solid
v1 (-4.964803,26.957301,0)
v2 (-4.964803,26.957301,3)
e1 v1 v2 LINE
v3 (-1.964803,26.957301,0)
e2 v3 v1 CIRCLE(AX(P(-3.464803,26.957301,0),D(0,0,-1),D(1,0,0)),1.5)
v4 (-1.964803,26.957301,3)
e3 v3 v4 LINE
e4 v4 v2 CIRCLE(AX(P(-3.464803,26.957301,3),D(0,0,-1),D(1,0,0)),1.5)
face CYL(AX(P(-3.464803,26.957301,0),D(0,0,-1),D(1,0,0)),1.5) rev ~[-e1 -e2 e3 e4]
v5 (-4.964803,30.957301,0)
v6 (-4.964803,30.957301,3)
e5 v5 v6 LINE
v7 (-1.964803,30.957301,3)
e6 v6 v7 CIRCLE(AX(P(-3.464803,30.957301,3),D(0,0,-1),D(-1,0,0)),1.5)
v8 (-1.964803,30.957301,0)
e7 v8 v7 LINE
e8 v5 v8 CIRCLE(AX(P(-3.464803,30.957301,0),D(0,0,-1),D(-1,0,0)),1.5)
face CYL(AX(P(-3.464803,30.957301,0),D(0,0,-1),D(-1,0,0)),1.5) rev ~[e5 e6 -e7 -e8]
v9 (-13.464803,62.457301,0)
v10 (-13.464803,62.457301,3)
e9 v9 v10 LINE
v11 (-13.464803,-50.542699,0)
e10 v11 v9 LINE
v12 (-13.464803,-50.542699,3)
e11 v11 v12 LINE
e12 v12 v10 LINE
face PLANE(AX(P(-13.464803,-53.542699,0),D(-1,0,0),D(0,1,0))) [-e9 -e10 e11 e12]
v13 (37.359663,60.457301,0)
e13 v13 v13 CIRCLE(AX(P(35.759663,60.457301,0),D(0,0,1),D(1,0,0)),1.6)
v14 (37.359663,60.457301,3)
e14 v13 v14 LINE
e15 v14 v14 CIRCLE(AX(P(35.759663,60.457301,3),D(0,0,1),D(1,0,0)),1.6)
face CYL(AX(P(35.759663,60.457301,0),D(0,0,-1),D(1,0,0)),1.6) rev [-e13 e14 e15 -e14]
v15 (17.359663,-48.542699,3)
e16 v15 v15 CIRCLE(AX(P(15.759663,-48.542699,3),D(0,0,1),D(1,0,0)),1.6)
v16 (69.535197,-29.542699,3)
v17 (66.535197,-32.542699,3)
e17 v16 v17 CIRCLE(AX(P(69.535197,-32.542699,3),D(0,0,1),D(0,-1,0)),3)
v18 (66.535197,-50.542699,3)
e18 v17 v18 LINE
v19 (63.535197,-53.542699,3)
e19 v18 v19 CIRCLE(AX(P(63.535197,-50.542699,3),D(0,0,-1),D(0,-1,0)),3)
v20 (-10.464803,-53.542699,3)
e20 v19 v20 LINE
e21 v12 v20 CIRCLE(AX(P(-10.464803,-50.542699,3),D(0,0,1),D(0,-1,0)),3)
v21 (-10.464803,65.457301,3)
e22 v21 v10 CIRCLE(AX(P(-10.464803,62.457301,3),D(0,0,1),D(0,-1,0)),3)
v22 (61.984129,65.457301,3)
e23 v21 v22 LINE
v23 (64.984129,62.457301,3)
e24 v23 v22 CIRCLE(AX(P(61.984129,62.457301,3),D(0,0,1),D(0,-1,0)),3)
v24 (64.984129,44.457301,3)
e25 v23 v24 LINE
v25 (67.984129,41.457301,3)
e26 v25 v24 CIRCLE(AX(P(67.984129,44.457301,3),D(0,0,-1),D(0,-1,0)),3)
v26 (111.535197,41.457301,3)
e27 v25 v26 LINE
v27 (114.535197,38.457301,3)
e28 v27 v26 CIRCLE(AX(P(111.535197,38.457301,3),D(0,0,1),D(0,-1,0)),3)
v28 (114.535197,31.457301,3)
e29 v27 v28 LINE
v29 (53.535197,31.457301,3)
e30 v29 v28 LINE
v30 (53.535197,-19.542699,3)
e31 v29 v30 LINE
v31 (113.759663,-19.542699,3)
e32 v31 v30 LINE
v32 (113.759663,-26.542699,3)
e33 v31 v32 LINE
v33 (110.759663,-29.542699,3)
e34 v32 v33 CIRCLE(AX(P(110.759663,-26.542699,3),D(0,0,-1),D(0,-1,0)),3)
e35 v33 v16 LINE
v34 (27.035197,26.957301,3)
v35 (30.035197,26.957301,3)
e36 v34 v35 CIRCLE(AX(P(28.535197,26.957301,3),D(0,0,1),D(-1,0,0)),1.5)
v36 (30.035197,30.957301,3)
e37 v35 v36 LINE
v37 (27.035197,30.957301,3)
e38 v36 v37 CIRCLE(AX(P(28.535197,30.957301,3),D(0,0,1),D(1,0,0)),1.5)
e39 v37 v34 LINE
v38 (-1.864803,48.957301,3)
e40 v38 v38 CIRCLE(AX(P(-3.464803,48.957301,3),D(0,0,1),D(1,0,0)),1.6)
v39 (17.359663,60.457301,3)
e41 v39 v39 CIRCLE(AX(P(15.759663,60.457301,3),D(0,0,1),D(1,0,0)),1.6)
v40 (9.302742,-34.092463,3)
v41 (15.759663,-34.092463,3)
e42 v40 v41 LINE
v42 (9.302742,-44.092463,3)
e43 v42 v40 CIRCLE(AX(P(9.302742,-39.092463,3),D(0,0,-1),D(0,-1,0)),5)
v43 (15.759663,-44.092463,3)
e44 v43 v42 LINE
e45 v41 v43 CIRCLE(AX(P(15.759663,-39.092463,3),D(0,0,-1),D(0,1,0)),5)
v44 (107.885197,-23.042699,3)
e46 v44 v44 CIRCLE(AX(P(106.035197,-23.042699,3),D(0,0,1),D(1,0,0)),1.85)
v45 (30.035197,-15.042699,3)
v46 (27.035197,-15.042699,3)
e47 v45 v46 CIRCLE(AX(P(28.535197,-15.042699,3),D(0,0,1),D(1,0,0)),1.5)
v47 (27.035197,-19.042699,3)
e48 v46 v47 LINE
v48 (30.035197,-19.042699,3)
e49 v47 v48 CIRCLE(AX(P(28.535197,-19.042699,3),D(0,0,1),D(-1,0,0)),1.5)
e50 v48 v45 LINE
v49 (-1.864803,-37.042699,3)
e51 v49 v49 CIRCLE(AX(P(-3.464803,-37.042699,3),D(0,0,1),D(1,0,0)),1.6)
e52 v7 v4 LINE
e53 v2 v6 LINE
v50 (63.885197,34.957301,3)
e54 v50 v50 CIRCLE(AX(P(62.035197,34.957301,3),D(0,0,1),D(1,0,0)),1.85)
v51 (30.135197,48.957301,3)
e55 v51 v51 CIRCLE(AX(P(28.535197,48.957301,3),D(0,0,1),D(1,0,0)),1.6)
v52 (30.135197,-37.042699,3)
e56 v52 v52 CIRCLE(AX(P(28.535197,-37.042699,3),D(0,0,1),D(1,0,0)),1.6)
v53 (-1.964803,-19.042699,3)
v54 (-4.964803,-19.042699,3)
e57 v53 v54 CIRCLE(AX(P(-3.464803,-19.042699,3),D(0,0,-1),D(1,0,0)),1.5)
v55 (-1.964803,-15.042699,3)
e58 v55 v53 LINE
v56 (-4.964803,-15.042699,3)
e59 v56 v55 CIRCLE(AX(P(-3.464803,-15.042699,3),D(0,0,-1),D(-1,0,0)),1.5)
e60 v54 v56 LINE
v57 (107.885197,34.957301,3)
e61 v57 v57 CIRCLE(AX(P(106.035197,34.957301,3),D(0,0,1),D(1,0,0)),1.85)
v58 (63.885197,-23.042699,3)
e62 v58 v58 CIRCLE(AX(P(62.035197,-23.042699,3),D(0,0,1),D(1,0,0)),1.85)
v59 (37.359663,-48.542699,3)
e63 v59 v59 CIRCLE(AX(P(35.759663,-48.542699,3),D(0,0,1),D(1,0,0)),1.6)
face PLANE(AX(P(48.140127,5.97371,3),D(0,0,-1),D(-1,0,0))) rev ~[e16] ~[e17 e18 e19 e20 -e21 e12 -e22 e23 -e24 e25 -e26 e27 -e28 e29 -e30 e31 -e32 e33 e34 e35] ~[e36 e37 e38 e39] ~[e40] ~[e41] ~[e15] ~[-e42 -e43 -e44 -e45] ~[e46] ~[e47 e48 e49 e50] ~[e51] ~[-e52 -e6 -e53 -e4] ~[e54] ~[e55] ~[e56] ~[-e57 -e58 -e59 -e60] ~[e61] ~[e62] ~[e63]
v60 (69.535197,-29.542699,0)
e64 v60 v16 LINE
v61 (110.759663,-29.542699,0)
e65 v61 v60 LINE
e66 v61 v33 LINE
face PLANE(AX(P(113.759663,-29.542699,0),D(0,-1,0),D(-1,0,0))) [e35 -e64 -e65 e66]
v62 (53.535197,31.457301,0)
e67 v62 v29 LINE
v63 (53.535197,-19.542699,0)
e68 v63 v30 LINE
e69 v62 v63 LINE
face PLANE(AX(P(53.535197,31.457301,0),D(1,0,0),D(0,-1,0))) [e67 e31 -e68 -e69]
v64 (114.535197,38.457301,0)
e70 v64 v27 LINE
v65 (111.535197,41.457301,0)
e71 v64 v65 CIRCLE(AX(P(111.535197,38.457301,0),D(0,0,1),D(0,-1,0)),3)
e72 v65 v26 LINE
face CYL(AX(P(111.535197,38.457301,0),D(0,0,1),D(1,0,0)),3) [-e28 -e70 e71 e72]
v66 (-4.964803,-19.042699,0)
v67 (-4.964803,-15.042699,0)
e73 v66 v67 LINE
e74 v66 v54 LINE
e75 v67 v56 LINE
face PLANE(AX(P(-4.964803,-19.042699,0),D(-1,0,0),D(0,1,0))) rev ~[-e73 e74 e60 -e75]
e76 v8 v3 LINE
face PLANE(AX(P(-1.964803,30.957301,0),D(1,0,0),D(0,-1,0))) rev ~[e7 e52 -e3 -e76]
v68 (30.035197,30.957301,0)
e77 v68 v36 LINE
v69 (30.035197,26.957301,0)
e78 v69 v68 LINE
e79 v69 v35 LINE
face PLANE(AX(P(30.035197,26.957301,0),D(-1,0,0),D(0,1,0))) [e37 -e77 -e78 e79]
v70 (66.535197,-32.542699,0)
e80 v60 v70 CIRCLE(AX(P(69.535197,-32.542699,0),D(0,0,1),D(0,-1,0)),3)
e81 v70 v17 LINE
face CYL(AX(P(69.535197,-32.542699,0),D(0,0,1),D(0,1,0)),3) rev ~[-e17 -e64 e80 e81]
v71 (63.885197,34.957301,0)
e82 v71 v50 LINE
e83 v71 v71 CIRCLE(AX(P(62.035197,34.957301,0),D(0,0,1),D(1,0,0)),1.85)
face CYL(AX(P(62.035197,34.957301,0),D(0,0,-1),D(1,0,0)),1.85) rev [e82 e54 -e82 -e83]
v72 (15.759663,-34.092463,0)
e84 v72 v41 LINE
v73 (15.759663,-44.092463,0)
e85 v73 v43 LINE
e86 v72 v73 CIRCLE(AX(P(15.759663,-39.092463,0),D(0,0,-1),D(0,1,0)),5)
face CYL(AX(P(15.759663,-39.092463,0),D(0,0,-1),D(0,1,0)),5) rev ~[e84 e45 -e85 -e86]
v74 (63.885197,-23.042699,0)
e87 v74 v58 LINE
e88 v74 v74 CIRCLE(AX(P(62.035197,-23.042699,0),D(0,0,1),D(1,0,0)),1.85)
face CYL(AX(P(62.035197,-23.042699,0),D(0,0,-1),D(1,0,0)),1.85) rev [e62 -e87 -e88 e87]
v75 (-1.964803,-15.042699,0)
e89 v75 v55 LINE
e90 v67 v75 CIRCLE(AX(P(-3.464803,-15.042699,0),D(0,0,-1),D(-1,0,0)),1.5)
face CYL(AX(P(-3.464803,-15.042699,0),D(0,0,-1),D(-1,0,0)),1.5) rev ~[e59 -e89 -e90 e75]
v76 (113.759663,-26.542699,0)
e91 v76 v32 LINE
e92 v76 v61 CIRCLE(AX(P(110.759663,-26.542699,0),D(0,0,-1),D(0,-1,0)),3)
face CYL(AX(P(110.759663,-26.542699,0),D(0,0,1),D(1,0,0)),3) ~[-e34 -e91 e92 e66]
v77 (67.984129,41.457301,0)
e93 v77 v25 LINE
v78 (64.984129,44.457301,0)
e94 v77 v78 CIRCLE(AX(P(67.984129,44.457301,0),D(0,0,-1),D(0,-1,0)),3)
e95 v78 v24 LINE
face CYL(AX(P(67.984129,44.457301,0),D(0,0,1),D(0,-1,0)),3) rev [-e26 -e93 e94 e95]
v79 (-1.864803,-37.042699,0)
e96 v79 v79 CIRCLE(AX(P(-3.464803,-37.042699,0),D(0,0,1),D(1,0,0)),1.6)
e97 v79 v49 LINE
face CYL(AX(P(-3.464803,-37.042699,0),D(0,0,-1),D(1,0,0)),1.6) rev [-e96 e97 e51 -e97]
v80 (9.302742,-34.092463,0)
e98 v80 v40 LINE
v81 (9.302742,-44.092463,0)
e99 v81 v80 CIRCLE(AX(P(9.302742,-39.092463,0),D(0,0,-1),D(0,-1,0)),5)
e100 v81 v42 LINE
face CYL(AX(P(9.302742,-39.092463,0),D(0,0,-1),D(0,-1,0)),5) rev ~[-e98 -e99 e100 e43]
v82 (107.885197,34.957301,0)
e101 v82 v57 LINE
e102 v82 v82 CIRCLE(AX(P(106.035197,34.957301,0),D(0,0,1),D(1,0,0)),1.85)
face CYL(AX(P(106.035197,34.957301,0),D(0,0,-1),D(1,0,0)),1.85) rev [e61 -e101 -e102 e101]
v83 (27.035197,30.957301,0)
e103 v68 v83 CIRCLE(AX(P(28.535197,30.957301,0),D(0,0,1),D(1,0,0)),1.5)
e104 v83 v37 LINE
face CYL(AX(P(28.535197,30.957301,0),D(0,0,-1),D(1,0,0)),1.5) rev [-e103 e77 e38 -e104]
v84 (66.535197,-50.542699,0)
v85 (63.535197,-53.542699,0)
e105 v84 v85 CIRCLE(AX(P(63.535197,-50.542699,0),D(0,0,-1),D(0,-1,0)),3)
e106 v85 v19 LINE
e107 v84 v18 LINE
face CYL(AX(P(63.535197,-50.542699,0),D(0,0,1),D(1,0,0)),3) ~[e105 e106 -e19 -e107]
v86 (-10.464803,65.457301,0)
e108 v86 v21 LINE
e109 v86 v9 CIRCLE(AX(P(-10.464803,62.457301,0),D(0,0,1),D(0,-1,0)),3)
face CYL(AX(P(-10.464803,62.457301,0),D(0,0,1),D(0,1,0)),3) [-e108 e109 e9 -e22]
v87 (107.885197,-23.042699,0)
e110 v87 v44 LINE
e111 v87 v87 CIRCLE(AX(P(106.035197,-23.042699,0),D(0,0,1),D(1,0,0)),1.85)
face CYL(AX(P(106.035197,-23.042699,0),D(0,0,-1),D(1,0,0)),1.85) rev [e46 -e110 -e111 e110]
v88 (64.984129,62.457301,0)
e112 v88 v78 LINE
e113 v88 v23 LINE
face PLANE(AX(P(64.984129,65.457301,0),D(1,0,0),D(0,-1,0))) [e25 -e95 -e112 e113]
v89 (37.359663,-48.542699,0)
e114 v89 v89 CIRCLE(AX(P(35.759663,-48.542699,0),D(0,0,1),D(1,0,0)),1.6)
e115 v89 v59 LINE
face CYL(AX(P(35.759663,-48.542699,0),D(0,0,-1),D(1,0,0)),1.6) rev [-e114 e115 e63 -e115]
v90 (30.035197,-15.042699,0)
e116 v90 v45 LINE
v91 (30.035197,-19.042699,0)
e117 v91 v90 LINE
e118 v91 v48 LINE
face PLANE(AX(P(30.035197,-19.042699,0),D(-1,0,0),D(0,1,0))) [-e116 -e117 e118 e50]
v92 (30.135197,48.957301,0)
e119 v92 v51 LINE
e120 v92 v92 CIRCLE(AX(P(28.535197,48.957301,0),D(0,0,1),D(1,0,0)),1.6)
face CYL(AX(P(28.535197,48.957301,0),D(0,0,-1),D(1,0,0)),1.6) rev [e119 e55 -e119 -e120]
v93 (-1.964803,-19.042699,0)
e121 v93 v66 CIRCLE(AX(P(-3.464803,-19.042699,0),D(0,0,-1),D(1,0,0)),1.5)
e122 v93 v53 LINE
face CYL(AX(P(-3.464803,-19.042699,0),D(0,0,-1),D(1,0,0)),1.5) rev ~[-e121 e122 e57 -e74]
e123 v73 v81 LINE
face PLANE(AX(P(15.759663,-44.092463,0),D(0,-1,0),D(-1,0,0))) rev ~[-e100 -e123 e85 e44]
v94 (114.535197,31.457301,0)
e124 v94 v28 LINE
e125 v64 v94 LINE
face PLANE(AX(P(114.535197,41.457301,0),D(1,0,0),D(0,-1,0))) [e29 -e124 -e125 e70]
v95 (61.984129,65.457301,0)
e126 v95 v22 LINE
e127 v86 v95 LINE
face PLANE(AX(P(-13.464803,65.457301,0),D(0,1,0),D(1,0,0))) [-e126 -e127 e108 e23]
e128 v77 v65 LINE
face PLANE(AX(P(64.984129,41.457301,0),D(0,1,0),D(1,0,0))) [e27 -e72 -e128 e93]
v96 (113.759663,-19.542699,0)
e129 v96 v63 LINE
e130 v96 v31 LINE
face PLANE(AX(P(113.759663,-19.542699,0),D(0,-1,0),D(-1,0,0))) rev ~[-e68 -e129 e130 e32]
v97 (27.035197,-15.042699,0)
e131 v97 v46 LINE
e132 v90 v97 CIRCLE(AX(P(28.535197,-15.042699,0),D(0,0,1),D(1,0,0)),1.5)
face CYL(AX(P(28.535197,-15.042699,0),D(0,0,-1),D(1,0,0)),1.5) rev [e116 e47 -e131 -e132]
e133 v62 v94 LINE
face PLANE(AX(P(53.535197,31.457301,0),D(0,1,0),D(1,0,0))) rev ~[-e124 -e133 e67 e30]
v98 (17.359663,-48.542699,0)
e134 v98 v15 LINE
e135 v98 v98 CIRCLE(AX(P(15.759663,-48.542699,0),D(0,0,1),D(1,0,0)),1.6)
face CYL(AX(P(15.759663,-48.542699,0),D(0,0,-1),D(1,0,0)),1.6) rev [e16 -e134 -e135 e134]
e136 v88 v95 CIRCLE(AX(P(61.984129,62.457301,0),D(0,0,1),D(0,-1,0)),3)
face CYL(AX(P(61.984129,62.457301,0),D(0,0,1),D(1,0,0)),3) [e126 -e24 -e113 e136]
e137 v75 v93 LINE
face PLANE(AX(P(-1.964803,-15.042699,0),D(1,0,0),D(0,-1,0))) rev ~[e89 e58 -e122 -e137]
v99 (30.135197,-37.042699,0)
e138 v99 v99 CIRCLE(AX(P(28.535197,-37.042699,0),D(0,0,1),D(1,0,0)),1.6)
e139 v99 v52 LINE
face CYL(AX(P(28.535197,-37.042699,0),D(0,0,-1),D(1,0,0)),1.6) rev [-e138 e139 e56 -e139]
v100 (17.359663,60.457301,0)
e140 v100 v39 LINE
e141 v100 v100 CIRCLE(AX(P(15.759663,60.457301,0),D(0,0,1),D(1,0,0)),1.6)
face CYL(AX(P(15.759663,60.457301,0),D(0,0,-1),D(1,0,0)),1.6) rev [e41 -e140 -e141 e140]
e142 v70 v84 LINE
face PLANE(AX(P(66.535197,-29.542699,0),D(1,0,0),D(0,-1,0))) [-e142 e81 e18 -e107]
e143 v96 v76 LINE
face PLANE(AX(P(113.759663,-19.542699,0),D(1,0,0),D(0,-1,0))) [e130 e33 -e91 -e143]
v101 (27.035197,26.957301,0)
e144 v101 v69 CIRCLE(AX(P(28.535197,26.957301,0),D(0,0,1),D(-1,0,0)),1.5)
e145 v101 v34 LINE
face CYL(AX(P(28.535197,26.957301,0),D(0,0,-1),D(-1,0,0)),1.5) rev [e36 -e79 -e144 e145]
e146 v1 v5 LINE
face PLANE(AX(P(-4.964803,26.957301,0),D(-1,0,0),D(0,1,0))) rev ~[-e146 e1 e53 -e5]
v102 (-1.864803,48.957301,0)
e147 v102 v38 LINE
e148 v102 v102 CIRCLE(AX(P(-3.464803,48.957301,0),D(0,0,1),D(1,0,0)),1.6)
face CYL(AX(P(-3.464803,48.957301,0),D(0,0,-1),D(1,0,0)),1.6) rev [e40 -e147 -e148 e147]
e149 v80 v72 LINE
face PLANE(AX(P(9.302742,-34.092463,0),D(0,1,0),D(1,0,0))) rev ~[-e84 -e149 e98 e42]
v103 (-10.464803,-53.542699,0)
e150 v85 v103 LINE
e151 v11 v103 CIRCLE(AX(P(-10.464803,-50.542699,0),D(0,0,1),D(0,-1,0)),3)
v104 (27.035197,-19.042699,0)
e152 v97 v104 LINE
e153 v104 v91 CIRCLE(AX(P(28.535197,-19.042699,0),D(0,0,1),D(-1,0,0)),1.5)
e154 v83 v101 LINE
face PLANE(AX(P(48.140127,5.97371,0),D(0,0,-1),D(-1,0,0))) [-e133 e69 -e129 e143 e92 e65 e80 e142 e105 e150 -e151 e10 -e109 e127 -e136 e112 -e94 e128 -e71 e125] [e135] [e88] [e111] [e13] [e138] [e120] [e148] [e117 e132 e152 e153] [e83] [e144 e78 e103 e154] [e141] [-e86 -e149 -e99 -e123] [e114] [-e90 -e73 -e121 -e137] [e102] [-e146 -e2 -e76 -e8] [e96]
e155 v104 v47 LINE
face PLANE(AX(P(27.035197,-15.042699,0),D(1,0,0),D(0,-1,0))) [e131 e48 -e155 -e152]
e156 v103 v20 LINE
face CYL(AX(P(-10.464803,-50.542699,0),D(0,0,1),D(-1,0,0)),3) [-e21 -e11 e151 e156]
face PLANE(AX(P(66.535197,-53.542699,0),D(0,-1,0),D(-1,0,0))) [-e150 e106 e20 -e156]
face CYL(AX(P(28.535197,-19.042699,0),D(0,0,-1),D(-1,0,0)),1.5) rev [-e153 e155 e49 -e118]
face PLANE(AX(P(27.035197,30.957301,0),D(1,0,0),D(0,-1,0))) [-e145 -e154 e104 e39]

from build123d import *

# Parameters (mm, degrees)
SKETCH_1_R      = 1.6
SKETCH_1_R_2    = 1.85
EXTRUDE_1_DEPTH = 3
FILLET_1_R      = 3


with BuildPart() as part:
    # 草图1 → 凸台-拉伸1 (new body)
    with BuildSketch(Plane.XY):
        Polygon((65.759662845, 31.457301477), (53.535196603, 31.457301477), (53.535196603, -19.542698523), (64.984129087, -19.542698523), (113.759662845, -19.542698523), (113.759662845, -29.542698523), (66.535196603, -29.542698523), (66.535196603, -53.542698523), (-13.464803397, -53.542698523), (-13.464803397, 65.457301477), (64.984129087, 65.457301477), (64.984129087, 41.457301477), (114.535196603, 41.457301477), (114.535196603, 31.457301477), align=None)
        with Locations((15.759662845, 60.457301477)):
            Circle(SKETCH_1_R, mode=Mode.SUBTRACT)
        with Locations((35.759662845, 60.457301477)):
            Circle(SKETCH_1_R, mode=Mode.SUBTRACT)
        with Locations((15.759662845, -48.542698523)):
            Circle(SKETCH_1_R, mode=Mode.SUBTRACT)
        with Locations((35.759662845, -48.542698523)):
            Circle(SKETCH_1_R, mode=Mode.SUBTRACT)
        with Locations((-3.464803397, 48.957301477)):
            Circle(SKETCH_1_R, mode=Mode.SUBTRACT)
        with Locations((28.535196603, 48.957301477)):
            Circle(SKETCH_1_R, mode=Mode.SUBTRACT)
        with Locations((-3.464803397, -37.042698523)):
            Circle(SKETCH_1_R, mode=Mode.SUBTRACT)
        with Locations((28.535196603, -37.042698523)):
            Circle(SKETCH_1_R, mode=Mode.SUBTRACT)
        with Locations((62.035196603, -23.042698523)):
            Circle(SKETCH_1_R_2, mode=Mode.SUBTRACT)
        with Locations((106.035196603, -23.042698523)):
            Circle(SKETCH_1_R_2, mode=Mode.SUBTRACT)
        with Locations((62.035196603, 34.957301477)):
            Circle(SKETCH_1_R_2, mode=Mode.SUBTRACT)
        with Locations((106.035196603, 34.957301477)):
            Circle(SKETCH_1_R_2, mode=Mode.SUBTRACT)
        with BuildLine():
            Line((9.302741514, -34.092463325), (15.759662845, -34.092463325))
            ThreePointArc((15.759662845, -34.092463325), (20.759662845, -39.092463325), (15.759662845, -44.092463325))
            Line((15.759662845, -44.092463325), (9.302741514, -44.092463325))
            ThreePointArc((9.302741514, -44.092463325), (4.302741514, -39.092463325), (9.302741514, -34.092463325))
        make_face(mode=Mode.SUBTRACT)
        with BuildLine():
            Line((-1.964803397, 30.957301477), (-1.964803397, 26.957301477))
            ThreePointArc((-1.964803397, 26.957301477), (-3.464803397, 25.457301477), (-4.964803397, 26.957301477))
            Line((-4.964803397, 26.957301477), (-4.964803397, 30.957301477))
            ThreePointArc((-4.964803397, 30.957301477), (-3.464803397, 32.457301477), (-1.964803397, 30.957301477))
        make_face(mode=Mode.SUBTRACT)
        with BuildLine():
            Line((-1.964803397, -15.042698523), (-1.964803397, -19.042698523))
            ThreePointArc((-1.964803397, -19.042698523), (-3.464803397, -20.542698523), (-4.964803397, -19.042698523))
            Line((-4.964803397, -19.042698523), (-4.964803397, -15.042698523))
            ThreePointArc((-4.964803397, -15.042698523), (-3.464803397, -13.542698523), (-1.964803397, -15.042698523))
        make_face(mode=Mode.SUBTRACT)
        with BuildLine():
            Line((27.035196603, -15.042698523), (27.035196603, -19.042698523))
            ThreePointArc((27.035196603, -19.042698523), (28.535196603, -20.542698523), (30.035196603, -19.042698523))
            Line((30.035196603, -19.042698523), (30.035196603, -15.042698523))
            ThreePointArc((30.035196603, -15.042698523), (28.535196603, -13.542698523), (27.035196603, -15.042698523))
        make_face(mode=Mode.SUBTRACT)
        with BuildLine():
            Line((27.035196603, 30.957301477), (27.035196603, 26.957301477))
            ThreePointArc((27.035196603, 26.957301477), (28.535196603, 25.457301477), (30.035196603, 26.957301477))
            Line((30.035196603, 26.957301477), (30.035196603, 30.957301477))
            ThreePointArc((30.035196603, 30.957301477), (28.535196603, 32.457301477), (27.035196603, 30.957301477))
        make_face(mode=Mode.SUBTRACT)
    extrude(amount=EXTRUDE_1_DEPTH)

    # 圆角1
    fillet_1_edges = [part.edges().sort_by_distance(p)[0] for p in [
        (-13.464803397, 65.457301477, 1.5),
        (64.984129087, 65.457301477, 1.5),
        (64.984129087, 41.457301477, 1.5),
        (114.535196603, 41.457301477, 1.5),
        (113.759662845, -29.542698523, 1.5),
        (66.535196603, -29.542698523, 1.5),
        (66.535196603, -53.542698523, 1.5),
        (-13.464803397, -53.542698523, 1.5),
    ]]
    fillet(fillet_1_edges, radius=FILLET_1_R)


solid = part.part
